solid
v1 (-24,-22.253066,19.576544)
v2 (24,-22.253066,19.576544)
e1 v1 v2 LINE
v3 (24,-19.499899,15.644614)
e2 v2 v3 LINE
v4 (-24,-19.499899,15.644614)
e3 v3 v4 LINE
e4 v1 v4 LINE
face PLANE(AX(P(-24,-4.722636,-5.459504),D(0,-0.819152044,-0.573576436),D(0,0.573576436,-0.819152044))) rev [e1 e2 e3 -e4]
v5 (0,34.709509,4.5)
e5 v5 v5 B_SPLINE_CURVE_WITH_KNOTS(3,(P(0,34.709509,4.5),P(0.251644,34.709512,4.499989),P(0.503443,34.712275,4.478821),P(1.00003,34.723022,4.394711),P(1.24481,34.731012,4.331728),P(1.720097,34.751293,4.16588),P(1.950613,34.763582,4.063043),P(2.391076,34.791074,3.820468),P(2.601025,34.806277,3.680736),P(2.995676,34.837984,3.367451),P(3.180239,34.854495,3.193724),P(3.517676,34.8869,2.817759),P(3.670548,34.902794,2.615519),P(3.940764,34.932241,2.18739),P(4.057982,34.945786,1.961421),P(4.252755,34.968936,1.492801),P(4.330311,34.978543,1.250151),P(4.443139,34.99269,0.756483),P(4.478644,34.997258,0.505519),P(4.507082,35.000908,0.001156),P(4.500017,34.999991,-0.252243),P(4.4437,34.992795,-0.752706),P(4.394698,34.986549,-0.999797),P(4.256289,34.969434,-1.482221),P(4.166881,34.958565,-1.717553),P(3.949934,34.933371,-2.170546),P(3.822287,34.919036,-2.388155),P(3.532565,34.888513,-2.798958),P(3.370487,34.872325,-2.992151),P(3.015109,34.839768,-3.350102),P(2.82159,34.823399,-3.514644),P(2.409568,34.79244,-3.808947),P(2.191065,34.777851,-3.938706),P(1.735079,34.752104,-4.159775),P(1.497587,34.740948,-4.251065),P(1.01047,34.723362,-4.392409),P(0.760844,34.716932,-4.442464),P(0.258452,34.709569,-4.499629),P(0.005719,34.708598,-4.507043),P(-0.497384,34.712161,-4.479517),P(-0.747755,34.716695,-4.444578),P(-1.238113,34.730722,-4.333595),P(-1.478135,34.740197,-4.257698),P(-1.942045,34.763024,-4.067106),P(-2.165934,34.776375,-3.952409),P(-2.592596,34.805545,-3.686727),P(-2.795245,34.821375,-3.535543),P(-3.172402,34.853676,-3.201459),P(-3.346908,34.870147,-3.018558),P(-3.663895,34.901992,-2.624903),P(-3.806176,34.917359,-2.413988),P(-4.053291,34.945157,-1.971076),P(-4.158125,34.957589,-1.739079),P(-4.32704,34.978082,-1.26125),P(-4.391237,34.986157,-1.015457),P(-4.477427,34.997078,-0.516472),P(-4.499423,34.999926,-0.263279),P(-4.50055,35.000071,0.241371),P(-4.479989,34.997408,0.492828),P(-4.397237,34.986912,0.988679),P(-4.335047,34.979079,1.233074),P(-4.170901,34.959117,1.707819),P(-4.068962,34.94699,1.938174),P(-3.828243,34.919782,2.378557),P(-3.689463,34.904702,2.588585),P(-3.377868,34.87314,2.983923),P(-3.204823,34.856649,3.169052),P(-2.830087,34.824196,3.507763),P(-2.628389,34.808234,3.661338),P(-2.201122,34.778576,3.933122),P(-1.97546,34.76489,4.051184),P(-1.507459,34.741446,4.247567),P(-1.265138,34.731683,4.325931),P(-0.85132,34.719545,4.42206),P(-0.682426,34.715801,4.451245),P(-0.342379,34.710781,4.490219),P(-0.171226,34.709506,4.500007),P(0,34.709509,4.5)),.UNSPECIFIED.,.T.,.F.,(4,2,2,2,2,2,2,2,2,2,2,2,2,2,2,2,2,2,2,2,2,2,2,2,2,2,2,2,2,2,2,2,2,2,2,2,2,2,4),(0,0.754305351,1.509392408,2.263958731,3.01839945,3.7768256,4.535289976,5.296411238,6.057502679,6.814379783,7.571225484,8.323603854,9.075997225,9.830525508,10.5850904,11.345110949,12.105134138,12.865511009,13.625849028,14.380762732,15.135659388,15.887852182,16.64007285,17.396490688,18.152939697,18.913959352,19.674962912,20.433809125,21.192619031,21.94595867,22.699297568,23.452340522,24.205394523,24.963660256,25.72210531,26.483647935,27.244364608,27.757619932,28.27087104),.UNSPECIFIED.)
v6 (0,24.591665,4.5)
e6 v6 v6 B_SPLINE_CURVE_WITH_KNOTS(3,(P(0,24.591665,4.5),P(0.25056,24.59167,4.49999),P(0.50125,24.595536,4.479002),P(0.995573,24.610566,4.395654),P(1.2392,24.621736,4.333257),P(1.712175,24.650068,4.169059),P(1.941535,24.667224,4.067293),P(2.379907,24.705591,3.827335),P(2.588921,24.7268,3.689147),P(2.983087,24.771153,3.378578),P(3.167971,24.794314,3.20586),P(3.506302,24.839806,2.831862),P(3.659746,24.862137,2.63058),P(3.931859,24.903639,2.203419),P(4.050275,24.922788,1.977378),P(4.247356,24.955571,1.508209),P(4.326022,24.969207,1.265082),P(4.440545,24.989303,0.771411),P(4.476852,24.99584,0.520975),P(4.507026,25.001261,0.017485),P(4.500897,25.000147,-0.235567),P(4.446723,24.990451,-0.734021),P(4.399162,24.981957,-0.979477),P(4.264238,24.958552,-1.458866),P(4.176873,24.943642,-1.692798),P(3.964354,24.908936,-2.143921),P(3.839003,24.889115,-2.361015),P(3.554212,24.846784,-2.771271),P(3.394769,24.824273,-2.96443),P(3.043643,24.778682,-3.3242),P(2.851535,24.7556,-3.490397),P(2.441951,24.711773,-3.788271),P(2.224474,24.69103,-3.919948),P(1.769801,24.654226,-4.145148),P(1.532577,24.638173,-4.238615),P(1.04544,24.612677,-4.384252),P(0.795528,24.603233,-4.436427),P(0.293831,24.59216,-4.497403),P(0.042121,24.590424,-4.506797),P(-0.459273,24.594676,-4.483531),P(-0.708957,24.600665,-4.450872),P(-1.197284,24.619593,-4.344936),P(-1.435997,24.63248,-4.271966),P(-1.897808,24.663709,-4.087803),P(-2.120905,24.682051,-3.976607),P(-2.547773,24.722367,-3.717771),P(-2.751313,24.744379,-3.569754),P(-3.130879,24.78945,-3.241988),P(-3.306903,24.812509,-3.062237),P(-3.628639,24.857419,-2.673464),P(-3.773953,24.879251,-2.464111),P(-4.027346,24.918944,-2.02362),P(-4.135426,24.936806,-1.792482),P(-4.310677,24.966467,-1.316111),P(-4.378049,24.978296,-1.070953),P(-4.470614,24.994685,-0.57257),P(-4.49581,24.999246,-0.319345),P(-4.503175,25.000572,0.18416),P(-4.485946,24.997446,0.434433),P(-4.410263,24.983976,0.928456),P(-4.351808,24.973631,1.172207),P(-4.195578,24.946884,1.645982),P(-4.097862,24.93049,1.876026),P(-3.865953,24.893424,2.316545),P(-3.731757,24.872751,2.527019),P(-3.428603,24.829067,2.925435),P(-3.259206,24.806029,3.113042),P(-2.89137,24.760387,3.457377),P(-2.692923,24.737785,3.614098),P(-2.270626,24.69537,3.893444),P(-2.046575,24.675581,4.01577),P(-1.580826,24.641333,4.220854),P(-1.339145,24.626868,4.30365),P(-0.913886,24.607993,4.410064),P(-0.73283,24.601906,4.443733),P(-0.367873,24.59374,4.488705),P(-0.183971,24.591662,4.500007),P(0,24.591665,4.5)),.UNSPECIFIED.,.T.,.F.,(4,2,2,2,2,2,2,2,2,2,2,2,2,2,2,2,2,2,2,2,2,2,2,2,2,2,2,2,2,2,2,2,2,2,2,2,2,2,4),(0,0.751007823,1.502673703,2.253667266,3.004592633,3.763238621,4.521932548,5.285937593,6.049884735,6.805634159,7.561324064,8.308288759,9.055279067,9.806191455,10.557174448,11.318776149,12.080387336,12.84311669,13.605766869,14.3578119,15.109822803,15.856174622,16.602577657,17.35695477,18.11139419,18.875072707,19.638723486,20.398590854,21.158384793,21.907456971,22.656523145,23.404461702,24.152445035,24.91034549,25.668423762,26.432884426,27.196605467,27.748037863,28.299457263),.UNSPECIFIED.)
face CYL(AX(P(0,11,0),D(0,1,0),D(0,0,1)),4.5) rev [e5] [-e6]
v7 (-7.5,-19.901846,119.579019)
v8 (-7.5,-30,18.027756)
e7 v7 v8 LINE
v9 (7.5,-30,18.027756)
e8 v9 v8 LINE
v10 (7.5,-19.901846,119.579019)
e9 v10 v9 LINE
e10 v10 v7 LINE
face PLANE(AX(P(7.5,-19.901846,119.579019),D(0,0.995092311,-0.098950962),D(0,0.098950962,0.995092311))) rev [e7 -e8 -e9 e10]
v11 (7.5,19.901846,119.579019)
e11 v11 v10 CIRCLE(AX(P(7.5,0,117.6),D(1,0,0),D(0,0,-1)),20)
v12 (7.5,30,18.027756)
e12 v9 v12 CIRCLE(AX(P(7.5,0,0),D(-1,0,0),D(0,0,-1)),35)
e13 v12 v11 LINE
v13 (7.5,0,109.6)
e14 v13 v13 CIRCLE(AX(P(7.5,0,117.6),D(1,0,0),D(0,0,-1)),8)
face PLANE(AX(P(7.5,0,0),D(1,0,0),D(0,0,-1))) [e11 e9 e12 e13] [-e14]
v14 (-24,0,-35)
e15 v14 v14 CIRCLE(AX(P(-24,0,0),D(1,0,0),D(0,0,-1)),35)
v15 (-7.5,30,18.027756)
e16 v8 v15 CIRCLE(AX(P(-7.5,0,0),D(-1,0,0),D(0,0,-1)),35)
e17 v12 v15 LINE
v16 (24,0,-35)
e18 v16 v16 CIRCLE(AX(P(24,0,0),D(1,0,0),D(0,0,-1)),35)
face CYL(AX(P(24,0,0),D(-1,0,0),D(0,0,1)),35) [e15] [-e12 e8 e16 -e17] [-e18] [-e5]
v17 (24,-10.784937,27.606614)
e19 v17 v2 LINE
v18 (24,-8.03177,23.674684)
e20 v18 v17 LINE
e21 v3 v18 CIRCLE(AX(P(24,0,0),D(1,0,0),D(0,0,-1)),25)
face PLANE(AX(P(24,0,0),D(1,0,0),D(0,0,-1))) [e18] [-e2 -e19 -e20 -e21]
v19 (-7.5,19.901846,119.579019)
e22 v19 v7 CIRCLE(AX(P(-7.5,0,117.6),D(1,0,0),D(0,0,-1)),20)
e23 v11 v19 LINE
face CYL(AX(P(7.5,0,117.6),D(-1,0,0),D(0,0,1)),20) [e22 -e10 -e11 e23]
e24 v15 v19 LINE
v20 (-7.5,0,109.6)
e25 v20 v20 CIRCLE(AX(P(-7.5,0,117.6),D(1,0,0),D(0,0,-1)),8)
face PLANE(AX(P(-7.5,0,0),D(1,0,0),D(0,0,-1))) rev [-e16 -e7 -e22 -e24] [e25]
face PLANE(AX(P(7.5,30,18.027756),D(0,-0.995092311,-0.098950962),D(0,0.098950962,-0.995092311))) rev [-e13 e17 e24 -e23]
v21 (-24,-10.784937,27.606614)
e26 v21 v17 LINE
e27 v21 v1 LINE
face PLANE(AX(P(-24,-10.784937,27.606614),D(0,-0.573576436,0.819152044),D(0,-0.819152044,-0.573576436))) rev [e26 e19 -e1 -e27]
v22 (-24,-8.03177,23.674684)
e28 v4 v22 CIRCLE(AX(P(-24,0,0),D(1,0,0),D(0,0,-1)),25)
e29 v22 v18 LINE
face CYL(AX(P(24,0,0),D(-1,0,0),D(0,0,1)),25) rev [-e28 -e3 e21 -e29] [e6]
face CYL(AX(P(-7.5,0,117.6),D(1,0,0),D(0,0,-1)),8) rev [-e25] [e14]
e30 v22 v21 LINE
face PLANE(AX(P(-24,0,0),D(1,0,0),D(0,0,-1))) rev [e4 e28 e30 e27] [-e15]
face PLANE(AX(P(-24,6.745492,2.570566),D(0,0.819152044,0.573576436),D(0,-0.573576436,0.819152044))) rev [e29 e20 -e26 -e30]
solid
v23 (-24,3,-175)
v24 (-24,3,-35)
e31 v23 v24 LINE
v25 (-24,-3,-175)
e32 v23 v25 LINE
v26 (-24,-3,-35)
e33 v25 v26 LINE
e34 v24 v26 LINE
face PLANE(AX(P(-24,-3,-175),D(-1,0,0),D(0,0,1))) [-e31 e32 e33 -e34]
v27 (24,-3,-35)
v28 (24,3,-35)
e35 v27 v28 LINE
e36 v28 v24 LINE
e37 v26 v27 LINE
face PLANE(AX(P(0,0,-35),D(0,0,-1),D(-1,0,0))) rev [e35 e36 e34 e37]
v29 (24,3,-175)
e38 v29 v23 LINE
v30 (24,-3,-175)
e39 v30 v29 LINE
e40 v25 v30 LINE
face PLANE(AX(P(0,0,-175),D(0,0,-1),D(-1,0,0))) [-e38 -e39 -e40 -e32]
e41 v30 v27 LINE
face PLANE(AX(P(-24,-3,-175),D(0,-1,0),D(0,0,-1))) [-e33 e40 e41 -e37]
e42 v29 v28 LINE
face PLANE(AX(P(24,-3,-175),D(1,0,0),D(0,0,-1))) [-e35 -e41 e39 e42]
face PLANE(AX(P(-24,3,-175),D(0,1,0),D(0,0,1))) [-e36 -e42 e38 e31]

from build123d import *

# Parameters (mm, degrees)
SKETCH1_R           = 35
SKETCH1_R_2         = 25
BOSS_EXTRUDE1_DEPTH = 24
BOSS_EXTRUDE2_DEPTH = 7.5
SKETCH3_R           = 8
CUT_EXTRUDE1_DEPTH  = 15
CUT_EXTRUDE2_DEPTH  = 150.875815261
SKETCH6_R           = 4.5
CUT_EXTRUDE3_DEPTH  = 24
SKETCH7_W           = 48
SKETCH7_H           = 6
BOSS_EXTRUDE3_DEPTH = 140


with BuildPart() as part:
    # Sketch1 → Boss-Extrude1 (new, symmetric)
    with BuildSketch(Plane(origin=(0, 0, 0), x_dir=(0, 0, -1), z_dir=(1, 0, 0))):
        Circle(SKETCH1_R)
        Circle(SKETCH1_R_2, mode=Mode.SUBTRACT)
    extrude(amount=BOSS_EXTRUDE1_DEPTH, both=True)

    # Sketch2 → Boss-Extrude2 (add, symmetric)
    with BuildSketch(Plane(origin=(0, 0, 0), x_dir=(0, 0, -1), z_dir=(1, 0, 0))):
        with BuildLine():
            Line((-18.027756377, 30), (-119.579019246, 19.901846216))
            ThreePointArc((-119.579019246, 19.901846216), (-137.6, 0), (-119.579019246, -19.901846216))
            Line((-119.579019246, -19.901846216), (-18.027756377, -30))
            ThreePointArc((-18.027756377, -30), (-35, 0), (-18.027756377, 30))
        make_face()
    extrude(amount=BOSS_EXTRUDE2_DEPTH, both=True)

    # Sketch3 → Cut-Extrude1 (cut)
    with BuildSketch(Plane(origin=(7.5, 0, 0), x_dir=(0, 0, -1), z_dir=(1, 0, 0))):
        with Locations((-117.6, 0)):
            Circle(SKETCH3_R)
    extrude(amount=-CUT_EXTRUDE1_DEPTH, mode=Mode.SUBTRACT)

    # Sketch5 → Cut-Extrude2 (cut, through all)
    with BuildSketch(Plane(origin=(24, 0, 0), x_dir=(0, 0, -1), z_dir=(1, 0, 0))):
        Polygon((-2.570566425, 6.745492133), (-27.60661393, -10.784937057), (-19.576543821, -22.253065677), (5.459503684, -4.722636487), align=None)
    extrude(amount=-CUT_EXTRUDE2_DEPTH, mode=Mode.SUBTRACT)

    # Sketch6 → Cut-Extrude3 (cut)
    with BuildSketch(Plane(origin=(0, 35, -70), x_dir=(1, 0, 0), z_dir=(0, -1, 0))):
        with Locations(Location((0, 70, 0), (0, 0, 90))):
            Circle(SKETCH6_R)
    extrude(amount=CUT_EXTRUDE3_DEPTH, mode=Mode.SUBTRACT)


with BuildPart() as body_2:
    # Sketch7 → Boss-Extrude3 (new body)
    with BuildSketch(Plane.XY.offset(-35)):
        Rectangle(SKETCH7_W, SKETCH7_H)
    extrude(amount=-BOSS_EXTRUDE3_DEPTH)


solid = Compound([part.part, body_2.part])
